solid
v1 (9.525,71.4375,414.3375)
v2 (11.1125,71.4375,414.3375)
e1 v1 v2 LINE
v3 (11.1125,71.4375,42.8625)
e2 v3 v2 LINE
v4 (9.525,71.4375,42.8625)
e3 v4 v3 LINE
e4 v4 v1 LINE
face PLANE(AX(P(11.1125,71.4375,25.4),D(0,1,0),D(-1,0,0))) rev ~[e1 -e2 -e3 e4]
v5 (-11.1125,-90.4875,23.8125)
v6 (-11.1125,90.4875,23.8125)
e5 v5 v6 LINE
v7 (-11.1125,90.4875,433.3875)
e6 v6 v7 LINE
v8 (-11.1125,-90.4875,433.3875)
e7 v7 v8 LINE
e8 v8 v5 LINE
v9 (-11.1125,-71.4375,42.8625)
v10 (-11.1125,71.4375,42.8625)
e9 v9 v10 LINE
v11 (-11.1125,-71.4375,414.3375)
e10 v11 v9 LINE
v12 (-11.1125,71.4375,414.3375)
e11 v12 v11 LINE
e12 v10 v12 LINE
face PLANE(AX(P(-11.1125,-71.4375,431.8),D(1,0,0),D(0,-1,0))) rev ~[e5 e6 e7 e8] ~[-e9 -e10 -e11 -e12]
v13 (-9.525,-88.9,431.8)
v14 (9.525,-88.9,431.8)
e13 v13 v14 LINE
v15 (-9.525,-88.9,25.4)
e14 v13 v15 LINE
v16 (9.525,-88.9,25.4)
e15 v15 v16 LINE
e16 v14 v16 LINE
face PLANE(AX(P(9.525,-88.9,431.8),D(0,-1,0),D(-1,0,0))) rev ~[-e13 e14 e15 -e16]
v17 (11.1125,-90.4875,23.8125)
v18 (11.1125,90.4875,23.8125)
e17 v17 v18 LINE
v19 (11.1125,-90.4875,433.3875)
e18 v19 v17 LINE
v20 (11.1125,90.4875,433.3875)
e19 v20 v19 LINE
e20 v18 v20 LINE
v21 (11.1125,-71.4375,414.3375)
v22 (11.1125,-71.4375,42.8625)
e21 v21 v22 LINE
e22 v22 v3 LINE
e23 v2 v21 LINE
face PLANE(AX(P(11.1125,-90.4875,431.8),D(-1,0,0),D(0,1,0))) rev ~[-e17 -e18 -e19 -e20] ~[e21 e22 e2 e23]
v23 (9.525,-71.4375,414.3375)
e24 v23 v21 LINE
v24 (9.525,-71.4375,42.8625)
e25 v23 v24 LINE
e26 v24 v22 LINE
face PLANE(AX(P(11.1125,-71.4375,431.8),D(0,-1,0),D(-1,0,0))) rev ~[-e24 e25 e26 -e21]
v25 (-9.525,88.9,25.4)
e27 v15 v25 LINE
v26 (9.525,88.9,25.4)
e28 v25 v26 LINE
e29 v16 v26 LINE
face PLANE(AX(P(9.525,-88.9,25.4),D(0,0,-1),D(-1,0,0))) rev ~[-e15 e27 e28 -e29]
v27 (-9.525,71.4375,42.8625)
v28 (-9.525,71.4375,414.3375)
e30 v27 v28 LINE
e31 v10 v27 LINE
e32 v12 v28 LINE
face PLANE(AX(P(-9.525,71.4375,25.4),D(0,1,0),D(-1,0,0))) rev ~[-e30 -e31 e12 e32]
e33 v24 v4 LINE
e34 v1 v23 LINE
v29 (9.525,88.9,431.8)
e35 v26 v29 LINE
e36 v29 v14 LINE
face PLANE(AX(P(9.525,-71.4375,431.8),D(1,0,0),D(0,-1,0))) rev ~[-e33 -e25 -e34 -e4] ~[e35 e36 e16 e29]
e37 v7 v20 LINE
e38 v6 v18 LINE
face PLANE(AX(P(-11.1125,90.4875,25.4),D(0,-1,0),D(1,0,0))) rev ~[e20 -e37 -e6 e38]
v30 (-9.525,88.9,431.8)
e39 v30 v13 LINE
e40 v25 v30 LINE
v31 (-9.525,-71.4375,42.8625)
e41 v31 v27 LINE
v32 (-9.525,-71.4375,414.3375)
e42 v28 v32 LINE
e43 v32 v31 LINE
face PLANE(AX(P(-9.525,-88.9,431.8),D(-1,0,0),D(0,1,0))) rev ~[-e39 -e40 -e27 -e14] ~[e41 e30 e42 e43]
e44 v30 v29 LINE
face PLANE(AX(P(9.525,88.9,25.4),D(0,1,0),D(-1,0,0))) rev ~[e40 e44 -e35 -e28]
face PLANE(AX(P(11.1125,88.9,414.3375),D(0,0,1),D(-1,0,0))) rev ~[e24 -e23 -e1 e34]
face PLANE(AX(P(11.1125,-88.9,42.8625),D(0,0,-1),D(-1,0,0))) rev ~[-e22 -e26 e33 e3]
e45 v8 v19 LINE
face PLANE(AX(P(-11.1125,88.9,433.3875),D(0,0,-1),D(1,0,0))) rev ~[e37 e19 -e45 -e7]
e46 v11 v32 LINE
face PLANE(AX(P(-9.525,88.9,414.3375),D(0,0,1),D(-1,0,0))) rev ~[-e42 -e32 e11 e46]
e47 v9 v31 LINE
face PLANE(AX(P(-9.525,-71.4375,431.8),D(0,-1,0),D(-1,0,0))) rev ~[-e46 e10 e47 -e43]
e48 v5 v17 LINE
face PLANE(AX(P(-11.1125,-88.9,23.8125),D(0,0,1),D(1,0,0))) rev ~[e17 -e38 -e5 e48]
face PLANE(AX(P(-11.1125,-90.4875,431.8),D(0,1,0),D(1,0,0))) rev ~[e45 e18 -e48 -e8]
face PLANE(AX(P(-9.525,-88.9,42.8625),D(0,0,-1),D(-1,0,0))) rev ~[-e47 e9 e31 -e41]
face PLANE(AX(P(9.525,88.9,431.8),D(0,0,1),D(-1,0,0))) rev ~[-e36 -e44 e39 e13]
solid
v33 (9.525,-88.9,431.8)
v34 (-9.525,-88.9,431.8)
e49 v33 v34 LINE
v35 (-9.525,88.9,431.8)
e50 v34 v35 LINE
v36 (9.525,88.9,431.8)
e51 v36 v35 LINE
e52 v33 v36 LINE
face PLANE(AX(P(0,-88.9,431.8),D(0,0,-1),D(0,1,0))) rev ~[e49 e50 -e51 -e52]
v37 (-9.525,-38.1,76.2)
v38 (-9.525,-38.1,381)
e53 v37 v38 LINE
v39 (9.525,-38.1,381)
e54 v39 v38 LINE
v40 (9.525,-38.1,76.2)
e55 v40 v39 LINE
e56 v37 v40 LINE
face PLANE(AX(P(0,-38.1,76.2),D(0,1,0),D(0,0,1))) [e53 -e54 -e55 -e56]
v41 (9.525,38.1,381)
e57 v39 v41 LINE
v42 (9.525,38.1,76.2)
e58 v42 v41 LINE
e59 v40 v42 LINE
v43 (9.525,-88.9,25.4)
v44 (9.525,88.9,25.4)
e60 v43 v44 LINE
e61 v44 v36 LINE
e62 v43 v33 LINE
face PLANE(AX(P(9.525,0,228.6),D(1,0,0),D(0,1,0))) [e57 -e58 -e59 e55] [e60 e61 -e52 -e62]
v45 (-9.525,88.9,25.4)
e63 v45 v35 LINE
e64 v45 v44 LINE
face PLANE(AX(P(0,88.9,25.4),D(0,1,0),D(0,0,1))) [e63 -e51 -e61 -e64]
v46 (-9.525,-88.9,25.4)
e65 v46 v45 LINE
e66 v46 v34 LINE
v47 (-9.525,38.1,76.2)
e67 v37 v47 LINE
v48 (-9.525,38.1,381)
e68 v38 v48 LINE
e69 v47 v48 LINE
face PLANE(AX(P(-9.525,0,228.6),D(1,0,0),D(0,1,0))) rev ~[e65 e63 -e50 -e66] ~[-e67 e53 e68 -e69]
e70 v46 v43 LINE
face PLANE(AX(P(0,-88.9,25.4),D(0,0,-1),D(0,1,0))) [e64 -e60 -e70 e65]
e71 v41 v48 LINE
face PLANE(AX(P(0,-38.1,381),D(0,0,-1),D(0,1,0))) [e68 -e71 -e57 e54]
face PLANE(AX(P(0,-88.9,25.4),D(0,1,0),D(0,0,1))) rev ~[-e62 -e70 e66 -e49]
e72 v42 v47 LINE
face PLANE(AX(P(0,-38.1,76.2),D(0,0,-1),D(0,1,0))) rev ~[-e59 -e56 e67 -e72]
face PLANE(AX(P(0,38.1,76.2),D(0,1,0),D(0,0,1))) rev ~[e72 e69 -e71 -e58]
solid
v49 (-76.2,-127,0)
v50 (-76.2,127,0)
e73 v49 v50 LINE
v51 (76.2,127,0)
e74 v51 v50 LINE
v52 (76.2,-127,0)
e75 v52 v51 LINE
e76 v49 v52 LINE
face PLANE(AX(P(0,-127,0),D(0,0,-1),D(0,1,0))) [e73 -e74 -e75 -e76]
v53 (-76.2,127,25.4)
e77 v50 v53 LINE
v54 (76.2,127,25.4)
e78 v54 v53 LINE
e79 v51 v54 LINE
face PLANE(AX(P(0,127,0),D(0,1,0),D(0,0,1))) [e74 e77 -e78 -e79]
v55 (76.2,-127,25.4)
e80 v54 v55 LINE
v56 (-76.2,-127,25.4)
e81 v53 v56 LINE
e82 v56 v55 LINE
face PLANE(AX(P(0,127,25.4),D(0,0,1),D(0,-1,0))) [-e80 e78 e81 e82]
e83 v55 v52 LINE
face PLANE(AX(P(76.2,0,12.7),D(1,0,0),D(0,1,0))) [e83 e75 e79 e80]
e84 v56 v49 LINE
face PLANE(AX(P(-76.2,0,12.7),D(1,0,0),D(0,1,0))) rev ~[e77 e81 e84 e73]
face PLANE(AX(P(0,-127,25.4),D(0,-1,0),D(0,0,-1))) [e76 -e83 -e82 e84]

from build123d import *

# Parameters (mm, degrees)
F0_W     = 177.8
F0_H     = 406.4
F0_W_2   = 76.2
F0_H_2   = 304.8
F1_DEPTH = 9.525
F2_DEPTH = 76.2


with BuildPart() as f1:
    # F0 (on Right) → F1 (new body, symmetric)
    with BuildSketch(Plane.YZ):
        with Locations((0, 228.6)):
            Rectangle(F0_W, F0_H)
        with Locations((0, 228.6)):
            Rectangle(F0_W_2, F0_H_2, mode=Mode.SUBTRACT)
    extrude(amount=F1_DEPTH, both=True)


with BuildPart() as f2:
    # F0 (on Right) → F2 (new body, symmetric)
    with BuildSketch(Plane.YZ):
        Polygon((127, 25.4), (88.9, 25.4), (-88.9, 25.4), (-127, 25.4), (-127, 0), (127, 0), align=None)
    extrude(amount=F2_DEPTH, both=True)


with BuildPart() as f4:
    # F4: sweep along a path in F4_path
    with BuildLine(Plane(origin=(9.525, -88.9, 431.8), x_dir=(0, 0, -1), z_dir=(-1, 0, 0))) as f4_path:
        Line((0, 0), (406.4, 0))
        Line((406.4, 0), (406.4, -177.8))
        Line((406.4, -177.8), (0, -177.8))
        Line((0, -177.8), (0, 0))
    # F3 (on face) → F4 (sweep)
    with BuildSketch(Plane.XY.offset(25.4)):
        Polygon((9.525, -88.9), (-9.525, -88.9), (-9.525, -71.4375), (-11.1125, -71.4375), (-11.1125, -90.4875), (11.1125, -90.4875), (11.1125, -71.4375), (9.525, -71.4375), align=None)
    sweep(path=f4_path.line, transition=Transition.RIGHT)


solid = Compound([f1.part, f2.part, f4.part])
